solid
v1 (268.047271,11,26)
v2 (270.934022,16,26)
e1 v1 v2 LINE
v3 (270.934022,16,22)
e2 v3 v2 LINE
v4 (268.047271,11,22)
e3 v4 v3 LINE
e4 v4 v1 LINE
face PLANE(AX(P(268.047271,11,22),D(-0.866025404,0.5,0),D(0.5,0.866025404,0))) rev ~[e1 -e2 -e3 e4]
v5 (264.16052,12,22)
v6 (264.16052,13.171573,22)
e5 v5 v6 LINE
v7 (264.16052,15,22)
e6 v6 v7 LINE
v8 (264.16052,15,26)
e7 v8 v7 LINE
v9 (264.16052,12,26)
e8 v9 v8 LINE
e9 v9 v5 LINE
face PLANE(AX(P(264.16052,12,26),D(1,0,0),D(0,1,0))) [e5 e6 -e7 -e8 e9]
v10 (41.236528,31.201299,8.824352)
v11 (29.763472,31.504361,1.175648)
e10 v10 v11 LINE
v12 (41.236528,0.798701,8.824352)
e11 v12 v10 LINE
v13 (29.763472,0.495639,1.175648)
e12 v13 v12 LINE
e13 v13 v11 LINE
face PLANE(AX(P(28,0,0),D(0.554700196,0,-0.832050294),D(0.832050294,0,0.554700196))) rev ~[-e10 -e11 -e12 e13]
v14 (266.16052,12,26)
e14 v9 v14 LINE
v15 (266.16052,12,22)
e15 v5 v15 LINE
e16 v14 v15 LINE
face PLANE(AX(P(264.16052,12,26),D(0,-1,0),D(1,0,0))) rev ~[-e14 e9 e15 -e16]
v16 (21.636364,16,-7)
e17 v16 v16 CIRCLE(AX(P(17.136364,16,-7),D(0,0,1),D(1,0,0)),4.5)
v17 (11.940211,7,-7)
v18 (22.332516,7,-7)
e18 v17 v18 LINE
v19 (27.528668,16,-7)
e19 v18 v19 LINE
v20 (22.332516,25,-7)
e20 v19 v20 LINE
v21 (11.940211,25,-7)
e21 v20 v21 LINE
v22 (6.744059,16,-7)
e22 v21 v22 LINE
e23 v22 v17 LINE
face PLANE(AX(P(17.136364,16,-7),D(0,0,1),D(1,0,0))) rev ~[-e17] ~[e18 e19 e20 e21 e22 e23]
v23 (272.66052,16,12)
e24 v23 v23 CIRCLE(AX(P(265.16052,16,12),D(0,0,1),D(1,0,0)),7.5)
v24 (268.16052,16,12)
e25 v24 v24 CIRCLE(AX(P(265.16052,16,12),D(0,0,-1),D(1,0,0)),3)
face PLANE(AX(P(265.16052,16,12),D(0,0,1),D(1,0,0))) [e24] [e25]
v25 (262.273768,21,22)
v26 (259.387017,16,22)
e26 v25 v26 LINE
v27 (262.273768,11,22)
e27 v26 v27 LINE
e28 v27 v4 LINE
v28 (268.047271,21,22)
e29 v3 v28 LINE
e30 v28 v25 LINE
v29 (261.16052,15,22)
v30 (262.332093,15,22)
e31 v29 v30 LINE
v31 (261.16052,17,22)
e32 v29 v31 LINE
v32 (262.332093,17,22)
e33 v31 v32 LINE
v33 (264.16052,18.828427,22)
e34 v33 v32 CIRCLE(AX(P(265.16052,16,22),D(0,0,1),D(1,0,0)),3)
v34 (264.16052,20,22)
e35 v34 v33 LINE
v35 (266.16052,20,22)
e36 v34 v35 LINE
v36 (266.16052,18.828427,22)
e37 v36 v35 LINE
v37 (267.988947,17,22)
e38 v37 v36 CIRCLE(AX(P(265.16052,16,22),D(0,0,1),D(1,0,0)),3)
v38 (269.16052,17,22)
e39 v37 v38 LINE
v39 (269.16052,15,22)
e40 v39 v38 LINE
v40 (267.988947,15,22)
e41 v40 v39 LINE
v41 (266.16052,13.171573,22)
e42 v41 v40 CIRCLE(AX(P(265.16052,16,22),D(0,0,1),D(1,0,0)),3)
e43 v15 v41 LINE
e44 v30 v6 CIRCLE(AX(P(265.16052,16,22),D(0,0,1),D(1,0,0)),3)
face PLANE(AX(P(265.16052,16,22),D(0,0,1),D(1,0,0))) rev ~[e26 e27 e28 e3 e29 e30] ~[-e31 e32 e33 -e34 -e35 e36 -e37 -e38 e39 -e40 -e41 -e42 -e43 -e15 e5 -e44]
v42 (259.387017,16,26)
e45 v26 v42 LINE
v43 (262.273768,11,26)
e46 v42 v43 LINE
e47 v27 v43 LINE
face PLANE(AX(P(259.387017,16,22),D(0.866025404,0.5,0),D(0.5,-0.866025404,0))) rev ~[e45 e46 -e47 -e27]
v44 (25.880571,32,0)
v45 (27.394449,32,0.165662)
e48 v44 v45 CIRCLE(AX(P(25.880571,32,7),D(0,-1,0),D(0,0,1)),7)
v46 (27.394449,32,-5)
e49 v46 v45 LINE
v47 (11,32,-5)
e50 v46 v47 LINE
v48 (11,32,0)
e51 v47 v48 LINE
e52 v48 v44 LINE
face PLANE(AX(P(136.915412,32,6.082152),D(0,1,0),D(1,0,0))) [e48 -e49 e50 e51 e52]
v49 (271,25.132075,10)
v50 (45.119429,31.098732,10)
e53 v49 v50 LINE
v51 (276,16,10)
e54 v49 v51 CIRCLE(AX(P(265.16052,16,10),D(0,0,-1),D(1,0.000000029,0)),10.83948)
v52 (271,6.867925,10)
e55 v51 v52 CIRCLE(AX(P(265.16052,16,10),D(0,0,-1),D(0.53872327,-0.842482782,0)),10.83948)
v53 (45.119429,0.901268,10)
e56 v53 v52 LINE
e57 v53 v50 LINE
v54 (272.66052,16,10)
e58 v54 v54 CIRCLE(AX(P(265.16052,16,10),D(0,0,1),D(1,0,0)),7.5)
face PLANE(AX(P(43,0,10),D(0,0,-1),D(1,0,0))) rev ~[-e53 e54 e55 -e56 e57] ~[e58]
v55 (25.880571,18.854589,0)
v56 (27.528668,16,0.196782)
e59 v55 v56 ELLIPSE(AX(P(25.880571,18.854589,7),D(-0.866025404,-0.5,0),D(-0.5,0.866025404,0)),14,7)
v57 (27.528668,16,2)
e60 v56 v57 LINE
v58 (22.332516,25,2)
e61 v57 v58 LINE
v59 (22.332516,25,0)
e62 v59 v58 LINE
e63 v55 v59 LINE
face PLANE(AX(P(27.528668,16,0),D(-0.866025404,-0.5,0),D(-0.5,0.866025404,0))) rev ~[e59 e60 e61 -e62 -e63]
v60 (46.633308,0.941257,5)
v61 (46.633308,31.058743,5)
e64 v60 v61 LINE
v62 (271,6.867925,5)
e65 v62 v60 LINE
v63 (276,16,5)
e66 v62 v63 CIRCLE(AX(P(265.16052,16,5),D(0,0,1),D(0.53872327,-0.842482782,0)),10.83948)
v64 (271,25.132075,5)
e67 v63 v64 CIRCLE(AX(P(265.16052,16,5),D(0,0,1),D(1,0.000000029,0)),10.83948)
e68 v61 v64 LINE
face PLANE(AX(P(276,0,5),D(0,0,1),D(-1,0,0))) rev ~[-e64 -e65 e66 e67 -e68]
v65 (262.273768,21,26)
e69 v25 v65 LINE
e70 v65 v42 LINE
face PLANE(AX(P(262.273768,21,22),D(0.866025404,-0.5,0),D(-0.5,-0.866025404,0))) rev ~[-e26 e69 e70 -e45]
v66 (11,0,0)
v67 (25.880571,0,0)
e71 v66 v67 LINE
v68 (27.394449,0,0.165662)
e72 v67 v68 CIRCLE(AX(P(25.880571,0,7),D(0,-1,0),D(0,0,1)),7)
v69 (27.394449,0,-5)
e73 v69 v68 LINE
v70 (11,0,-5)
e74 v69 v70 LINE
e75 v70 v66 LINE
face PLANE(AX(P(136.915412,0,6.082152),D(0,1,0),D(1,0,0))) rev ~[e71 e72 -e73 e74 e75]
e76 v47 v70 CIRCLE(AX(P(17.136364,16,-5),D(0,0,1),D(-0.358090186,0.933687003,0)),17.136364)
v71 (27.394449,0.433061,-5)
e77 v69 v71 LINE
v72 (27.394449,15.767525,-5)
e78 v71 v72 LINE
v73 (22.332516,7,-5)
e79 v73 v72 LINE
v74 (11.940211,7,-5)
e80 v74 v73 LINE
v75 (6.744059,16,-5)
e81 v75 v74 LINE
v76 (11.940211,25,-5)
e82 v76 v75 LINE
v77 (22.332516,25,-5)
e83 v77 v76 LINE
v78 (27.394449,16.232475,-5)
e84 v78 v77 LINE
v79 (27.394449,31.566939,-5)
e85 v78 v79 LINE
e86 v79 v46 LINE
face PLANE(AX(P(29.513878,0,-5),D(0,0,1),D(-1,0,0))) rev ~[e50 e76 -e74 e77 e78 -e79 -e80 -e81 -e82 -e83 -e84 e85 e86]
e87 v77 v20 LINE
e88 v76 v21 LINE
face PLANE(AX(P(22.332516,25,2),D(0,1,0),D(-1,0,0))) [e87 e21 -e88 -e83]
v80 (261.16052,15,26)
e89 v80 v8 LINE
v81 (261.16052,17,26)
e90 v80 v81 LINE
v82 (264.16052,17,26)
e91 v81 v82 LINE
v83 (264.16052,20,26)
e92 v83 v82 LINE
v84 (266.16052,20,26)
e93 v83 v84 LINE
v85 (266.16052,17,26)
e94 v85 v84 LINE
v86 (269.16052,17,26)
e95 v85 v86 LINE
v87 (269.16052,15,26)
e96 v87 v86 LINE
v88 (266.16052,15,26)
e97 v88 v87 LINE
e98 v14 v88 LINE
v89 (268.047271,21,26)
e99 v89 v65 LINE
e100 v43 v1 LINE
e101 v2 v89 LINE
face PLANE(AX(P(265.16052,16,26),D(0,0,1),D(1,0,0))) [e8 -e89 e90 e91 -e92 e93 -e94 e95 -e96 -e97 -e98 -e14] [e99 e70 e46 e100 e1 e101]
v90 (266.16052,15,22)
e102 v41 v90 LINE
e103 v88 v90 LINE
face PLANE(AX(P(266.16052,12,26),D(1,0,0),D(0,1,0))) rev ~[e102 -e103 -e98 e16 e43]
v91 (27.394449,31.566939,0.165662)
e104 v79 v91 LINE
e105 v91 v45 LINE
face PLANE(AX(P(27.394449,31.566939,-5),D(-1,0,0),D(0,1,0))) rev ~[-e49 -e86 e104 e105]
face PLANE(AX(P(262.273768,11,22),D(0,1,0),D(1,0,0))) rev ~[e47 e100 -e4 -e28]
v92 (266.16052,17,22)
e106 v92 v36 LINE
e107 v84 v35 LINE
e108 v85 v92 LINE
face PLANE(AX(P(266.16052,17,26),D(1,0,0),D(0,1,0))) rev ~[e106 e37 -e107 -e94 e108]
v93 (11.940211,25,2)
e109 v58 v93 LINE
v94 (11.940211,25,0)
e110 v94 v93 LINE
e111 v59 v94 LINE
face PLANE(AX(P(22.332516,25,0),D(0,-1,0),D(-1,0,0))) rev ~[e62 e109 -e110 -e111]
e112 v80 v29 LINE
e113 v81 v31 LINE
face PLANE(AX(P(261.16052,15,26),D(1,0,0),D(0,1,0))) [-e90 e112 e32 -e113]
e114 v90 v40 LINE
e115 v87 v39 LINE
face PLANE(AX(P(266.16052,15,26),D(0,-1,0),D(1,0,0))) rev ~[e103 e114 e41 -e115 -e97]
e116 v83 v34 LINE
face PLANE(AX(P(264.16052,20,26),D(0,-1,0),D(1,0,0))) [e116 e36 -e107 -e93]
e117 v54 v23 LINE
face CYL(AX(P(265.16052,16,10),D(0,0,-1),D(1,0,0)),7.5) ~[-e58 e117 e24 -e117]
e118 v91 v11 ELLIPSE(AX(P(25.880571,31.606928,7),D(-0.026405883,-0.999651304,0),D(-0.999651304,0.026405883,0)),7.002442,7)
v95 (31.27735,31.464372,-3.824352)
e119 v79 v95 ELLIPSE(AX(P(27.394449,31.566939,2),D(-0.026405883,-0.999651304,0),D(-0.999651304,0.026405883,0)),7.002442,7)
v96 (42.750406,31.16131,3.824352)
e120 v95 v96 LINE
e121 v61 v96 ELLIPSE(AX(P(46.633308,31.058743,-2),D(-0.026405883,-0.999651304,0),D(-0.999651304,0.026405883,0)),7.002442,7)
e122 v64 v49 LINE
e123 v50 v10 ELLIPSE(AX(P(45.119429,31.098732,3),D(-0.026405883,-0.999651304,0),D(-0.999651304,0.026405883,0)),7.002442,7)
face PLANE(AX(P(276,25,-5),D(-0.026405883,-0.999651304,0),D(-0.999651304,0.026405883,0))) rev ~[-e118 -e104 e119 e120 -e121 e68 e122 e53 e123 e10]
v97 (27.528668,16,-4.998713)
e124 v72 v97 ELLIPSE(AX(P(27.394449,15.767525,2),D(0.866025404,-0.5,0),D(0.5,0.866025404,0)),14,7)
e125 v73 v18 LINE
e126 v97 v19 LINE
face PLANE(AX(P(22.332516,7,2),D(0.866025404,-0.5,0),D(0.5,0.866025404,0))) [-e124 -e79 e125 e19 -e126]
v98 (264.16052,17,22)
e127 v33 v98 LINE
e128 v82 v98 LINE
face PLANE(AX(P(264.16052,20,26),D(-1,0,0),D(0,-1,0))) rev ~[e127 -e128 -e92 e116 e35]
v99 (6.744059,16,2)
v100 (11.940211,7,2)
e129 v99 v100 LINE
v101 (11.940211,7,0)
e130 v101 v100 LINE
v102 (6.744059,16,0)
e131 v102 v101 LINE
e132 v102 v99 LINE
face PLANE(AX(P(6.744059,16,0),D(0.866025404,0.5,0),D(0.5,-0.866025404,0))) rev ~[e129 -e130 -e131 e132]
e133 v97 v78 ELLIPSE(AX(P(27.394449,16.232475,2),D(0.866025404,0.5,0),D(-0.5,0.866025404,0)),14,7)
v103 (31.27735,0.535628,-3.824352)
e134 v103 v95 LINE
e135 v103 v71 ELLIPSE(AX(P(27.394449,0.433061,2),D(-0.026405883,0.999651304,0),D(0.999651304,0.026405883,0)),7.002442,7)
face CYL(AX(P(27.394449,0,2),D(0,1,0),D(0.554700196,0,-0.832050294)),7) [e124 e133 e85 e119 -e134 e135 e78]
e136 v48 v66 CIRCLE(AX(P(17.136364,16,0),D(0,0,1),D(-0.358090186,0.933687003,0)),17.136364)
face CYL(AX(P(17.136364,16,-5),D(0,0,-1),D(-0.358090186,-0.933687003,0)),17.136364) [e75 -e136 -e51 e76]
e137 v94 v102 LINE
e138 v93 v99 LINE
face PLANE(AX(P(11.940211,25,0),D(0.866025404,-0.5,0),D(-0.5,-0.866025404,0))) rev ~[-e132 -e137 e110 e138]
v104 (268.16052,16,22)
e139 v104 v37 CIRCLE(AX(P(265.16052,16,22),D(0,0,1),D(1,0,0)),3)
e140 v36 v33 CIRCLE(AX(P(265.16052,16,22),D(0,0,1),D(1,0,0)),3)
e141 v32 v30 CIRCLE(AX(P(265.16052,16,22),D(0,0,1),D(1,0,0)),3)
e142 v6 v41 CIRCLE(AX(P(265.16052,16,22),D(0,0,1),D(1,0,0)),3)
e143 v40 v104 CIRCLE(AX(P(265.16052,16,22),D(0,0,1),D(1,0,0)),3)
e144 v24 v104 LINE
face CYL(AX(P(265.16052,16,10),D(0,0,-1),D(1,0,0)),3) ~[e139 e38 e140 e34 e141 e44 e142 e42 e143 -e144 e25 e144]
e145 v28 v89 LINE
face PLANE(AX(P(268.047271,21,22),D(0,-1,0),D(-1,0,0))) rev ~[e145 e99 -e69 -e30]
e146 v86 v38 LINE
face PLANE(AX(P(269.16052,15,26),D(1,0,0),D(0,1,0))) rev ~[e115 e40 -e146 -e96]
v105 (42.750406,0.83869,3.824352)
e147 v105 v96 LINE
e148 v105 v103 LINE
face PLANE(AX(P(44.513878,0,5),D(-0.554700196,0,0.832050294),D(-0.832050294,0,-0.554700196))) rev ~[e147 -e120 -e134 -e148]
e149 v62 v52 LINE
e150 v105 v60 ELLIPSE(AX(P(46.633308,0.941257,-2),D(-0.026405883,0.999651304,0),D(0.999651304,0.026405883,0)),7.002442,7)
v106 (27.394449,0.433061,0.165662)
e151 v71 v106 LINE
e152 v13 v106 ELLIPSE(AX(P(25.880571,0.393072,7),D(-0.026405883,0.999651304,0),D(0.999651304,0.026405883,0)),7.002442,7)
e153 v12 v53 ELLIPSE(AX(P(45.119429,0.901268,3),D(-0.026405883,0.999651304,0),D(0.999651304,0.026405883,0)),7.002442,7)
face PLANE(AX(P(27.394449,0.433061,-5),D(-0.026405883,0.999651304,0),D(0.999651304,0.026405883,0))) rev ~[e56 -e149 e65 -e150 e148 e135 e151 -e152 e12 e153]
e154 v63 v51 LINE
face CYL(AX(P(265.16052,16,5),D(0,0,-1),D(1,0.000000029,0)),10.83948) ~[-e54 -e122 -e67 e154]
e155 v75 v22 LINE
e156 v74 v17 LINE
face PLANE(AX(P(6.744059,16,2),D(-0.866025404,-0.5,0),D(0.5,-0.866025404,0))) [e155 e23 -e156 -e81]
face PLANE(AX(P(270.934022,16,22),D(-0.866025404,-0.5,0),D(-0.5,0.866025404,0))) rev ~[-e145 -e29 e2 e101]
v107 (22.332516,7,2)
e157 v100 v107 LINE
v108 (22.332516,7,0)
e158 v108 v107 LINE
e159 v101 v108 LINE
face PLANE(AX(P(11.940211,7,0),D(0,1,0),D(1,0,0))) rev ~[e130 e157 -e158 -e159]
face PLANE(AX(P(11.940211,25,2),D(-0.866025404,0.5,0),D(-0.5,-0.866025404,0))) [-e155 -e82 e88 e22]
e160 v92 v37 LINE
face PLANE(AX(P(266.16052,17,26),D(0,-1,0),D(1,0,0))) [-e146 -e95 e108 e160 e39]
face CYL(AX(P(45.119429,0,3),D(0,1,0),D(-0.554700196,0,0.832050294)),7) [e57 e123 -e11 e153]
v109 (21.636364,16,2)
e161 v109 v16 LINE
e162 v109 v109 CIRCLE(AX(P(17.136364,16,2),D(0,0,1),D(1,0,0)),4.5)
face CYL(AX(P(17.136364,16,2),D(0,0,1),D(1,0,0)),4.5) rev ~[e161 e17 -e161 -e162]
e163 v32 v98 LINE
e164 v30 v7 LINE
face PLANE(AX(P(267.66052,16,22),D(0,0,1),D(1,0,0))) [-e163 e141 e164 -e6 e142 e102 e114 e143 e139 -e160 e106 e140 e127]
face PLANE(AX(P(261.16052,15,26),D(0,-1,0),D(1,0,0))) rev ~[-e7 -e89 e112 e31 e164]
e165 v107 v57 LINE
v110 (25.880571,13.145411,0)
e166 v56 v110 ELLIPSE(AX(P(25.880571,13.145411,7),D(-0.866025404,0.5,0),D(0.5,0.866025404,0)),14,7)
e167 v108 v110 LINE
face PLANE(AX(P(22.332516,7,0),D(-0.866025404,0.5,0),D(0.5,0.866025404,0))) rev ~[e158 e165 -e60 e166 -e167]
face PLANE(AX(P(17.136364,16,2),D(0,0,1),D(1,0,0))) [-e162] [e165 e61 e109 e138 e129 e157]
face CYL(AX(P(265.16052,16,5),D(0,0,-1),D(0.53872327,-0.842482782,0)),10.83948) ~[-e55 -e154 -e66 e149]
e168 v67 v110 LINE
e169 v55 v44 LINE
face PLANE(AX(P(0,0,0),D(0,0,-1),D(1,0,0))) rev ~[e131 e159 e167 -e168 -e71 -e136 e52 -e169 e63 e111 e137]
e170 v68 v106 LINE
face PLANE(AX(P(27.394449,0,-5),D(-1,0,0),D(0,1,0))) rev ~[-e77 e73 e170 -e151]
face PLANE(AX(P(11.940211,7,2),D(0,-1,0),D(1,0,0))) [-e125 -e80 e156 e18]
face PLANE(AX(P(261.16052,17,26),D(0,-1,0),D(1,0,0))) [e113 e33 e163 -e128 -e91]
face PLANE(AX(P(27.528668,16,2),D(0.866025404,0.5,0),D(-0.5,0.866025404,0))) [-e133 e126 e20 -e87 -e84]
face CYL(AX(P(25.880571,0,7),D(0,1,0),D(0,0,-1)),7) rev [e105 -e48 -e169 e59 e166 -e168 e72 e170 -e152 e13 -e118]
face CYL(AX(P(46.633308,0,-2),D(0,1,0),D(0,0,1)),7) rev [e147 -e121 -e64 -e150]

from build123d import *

# Parameters (mm, degrees)
BOSS_EXTRUDE1_DEPTH = 32
FILLET1_R           = 7
CUT_EXTRUDE1_DEPTH  = 32
CUT_EXTRUDE2_DEPTH  = 32
CUT_EXTRUDE3_DEPTH  = 32
SKETCH7_R           = 3
BOSS_EXTRUDE2_DEPTH = 12
BOSS_EXTRUDE3_DEPTH = 4
SKETCH9_W           = 3
SKETCH9_H           = 2
SKETCH9_W_2         = 2
SKETCH9_H_2         = 3
CUT_EXTRUDE4_DEPTH  = 4
SKETCH10_R          = 7.5
BOSS_EXTRUDE4_DEPTH = 2
BOSS_EXTRUDE5_DEPTH = 2
BOSS_EXTRUDE6_DEPTH = 9
SKETCH17_R          = 4.5
CUT_EXTRUDE5_DEPTH  = 10


with BuildPart() as part:
    # Sketch1 → Boss-Extrude1 (new body)
    with BuildSketch(Plane(origin=(0, 0, 0), x_dir=(1, 0, 0), z_dir=(0, 1, 0))):
        Polygon((0, 0), (28, 0), (43, -10), (276, -10), (276, -5), (44.513878189, -5), (29.513878189, 5), (0, 5), align=None)
    extrude(amount=BOSS_EXTRUDE1_DEPTH)

    # Fillet1
    fillet1_edges = [part.edges().sort_by_distance(p)[0] for p in [
        (29.513878189, 16, -5),
        (44.513878189, 16, 5),
        (43, 16, 10),
        (28, 16, 0),
    ]]
    fillet(fillet1_edges, radius=FILLET1_R)

    # Sketch4 → Cut-Extrude1 (cut)
    with BuildSketch(Plane(origin=(0, 0, -5), x_dir=(-1, 0, 0), z_dir=(0, 0, -1))):
        with BuildLine():
            Line((-11, 32), (12.683379318, 39.348401976))
            Line((12.683379318, 39.348401976), (11.560507562, -17.356621714))
            Line((11.560507562, -17.356621714), (-11, 0))
            ThreePointArc((-11, 0), (0, 16), (-11, 32))
        make_face()
    extrude(amount=-CUT_EXTRUDE1_DEPTH, mode=Mode.SUBTRACT)

    # Sketch5 → Cut-Extrude2 (cut)
    with BuildSketch(Plane(origin=(0, 0, -5), x_dir=(-1, 0, 0), z_dir=(0, 0, -1))):
        Polygon((-276, 25), (-27.394448725, 31.56693909), (-27.394448725, 32), (-276, 32), align=None)
        Polygon((-27.394448725, 0), (-27.394448725, 0.43306091), (-276, 7), (-276, 0), align=None)
    extrude(amount=-CUT_EXTRUDE2_DEPTH, mode=Mode.SUBTRACT)

    # Sketch6 → Cut-Extrude3 (cut)
    with BuildSketch(Plane(origin=(0, 0, 5), x_dir=(-1, 0, 0), z_dir=(0, 0, -1))):
        with BuildLine():
            ThreePointArc((-276, 16.000000308), (-274.6681814, 21.205641364), (-271, 25.132075472))
            Line((-271, 25.132075472), (-276, 25))
            Line((-276, 25), (-276, 16.000000308))
        make_face()
        with BuildLine():
            ThreePointArc((-271, 6.867924528), (-274.668181548, 10.794358906), (-276, 16.000000308))
            Line((-276, 16.000000308), (-276, 7))
            Line((-276, 7), (-271, 6.867924528))
        make_face()
    extrude(amount=-CUT_EXTRUDE3_DEPTH, mode=Mode.SUBTRACT)

    # Sketch7 → Boss-Extrude2 (add)
    with BuildSketch(Plane.XY.offset(10)):
        with Locations((265.160519758, 16)):
            Circle(SKETCH7_R)
    extrude(amount=BOSS_EXTRUDE2_DEPTH)

    # Sketch8 → Boss-Extrude3 (add)
    with BuildSketch(Plane.XY.offset(22)):
        Polygon((270.93402245, 16), (268.047271104, 21), (262.273768412, 21), (259.387017066, 16), (262.273768412, 11), (268.047271104, 11), align=None)
    extrude(amount=BOSS_EXTRUDE3_DEPTH)

    # Sketch9 → Cut-Extrude4 (cut)
    with BuildSketch(Plane.XY.offset(26)):
        with Locations((267.660519758, 16)):
            Rectangle(SKETCH9_W, SKETCH9_H)
        with Locations((265.160519758, 18.5)):
            Rectangle(SKETCH9_W_2, SKETCH9_H_2)
        with Locations((265.160519758, 16)):
            Rectangle(SKETCH9_W_2, SKETCH9_H)
        with Locations((262.660519758, 16)):
            Rectangle(SKETCH9_W, SKETCH9_H)
        with Locations((265.160519758, 13.5)):
            Rectangle(SKETCH9_W_2, SKETCH9_H_2)
    extrude(amount=-CUT_EXTRUDE4_DEPTH, mode=Mode.SUBTRACT)

    # Sketch10 → Boss-Extrude4 (add)
    with BuildSketch(Plane.XY.offset(10)):
        with Locations((265.160519758, 16)):
            Circle(SKETCH10_R)
    extrude(amount=BOSS_EXTRUDE4_DEPTH)

    # Sketch11 → Boss-Extrude5 (add)
    with BuildSketch(Plane.XY):
        Polygon((27.528668482, 16), (22.332516059, 25), (11.940211214, 25), (6.744058791, 16), (11.940211214, 7), (22.332516059, 7), align=None)
    extrude(amount=BOSS_EXTRUDE5_DEPTH)

    # Sketch12 → Boss-Extrude6 (add)
    with BuildSketch(Plane.XY.offset(2)):
        Polygon((22.332516059, 7), (27.528668482, 16), (22.332516059, 25), (11.940211214, 25), (6.744058791, 16), (11.940211214, 7), align=None)
    extrude(amount=-BOSS_EXTRUDE6_DEPTH)

    # Sketch17 → Cut-Extrude5 (cut)
    with BuildSketch(Plane.XY.offset(2)):
        with Locations((17.136363636, 16)):
            Circle(SKETCH17_R)
    extrude(amount=-CUT_EXTRUDE5_DEPTH, mode=Mode.SUBTRACT)


solid = part.part
